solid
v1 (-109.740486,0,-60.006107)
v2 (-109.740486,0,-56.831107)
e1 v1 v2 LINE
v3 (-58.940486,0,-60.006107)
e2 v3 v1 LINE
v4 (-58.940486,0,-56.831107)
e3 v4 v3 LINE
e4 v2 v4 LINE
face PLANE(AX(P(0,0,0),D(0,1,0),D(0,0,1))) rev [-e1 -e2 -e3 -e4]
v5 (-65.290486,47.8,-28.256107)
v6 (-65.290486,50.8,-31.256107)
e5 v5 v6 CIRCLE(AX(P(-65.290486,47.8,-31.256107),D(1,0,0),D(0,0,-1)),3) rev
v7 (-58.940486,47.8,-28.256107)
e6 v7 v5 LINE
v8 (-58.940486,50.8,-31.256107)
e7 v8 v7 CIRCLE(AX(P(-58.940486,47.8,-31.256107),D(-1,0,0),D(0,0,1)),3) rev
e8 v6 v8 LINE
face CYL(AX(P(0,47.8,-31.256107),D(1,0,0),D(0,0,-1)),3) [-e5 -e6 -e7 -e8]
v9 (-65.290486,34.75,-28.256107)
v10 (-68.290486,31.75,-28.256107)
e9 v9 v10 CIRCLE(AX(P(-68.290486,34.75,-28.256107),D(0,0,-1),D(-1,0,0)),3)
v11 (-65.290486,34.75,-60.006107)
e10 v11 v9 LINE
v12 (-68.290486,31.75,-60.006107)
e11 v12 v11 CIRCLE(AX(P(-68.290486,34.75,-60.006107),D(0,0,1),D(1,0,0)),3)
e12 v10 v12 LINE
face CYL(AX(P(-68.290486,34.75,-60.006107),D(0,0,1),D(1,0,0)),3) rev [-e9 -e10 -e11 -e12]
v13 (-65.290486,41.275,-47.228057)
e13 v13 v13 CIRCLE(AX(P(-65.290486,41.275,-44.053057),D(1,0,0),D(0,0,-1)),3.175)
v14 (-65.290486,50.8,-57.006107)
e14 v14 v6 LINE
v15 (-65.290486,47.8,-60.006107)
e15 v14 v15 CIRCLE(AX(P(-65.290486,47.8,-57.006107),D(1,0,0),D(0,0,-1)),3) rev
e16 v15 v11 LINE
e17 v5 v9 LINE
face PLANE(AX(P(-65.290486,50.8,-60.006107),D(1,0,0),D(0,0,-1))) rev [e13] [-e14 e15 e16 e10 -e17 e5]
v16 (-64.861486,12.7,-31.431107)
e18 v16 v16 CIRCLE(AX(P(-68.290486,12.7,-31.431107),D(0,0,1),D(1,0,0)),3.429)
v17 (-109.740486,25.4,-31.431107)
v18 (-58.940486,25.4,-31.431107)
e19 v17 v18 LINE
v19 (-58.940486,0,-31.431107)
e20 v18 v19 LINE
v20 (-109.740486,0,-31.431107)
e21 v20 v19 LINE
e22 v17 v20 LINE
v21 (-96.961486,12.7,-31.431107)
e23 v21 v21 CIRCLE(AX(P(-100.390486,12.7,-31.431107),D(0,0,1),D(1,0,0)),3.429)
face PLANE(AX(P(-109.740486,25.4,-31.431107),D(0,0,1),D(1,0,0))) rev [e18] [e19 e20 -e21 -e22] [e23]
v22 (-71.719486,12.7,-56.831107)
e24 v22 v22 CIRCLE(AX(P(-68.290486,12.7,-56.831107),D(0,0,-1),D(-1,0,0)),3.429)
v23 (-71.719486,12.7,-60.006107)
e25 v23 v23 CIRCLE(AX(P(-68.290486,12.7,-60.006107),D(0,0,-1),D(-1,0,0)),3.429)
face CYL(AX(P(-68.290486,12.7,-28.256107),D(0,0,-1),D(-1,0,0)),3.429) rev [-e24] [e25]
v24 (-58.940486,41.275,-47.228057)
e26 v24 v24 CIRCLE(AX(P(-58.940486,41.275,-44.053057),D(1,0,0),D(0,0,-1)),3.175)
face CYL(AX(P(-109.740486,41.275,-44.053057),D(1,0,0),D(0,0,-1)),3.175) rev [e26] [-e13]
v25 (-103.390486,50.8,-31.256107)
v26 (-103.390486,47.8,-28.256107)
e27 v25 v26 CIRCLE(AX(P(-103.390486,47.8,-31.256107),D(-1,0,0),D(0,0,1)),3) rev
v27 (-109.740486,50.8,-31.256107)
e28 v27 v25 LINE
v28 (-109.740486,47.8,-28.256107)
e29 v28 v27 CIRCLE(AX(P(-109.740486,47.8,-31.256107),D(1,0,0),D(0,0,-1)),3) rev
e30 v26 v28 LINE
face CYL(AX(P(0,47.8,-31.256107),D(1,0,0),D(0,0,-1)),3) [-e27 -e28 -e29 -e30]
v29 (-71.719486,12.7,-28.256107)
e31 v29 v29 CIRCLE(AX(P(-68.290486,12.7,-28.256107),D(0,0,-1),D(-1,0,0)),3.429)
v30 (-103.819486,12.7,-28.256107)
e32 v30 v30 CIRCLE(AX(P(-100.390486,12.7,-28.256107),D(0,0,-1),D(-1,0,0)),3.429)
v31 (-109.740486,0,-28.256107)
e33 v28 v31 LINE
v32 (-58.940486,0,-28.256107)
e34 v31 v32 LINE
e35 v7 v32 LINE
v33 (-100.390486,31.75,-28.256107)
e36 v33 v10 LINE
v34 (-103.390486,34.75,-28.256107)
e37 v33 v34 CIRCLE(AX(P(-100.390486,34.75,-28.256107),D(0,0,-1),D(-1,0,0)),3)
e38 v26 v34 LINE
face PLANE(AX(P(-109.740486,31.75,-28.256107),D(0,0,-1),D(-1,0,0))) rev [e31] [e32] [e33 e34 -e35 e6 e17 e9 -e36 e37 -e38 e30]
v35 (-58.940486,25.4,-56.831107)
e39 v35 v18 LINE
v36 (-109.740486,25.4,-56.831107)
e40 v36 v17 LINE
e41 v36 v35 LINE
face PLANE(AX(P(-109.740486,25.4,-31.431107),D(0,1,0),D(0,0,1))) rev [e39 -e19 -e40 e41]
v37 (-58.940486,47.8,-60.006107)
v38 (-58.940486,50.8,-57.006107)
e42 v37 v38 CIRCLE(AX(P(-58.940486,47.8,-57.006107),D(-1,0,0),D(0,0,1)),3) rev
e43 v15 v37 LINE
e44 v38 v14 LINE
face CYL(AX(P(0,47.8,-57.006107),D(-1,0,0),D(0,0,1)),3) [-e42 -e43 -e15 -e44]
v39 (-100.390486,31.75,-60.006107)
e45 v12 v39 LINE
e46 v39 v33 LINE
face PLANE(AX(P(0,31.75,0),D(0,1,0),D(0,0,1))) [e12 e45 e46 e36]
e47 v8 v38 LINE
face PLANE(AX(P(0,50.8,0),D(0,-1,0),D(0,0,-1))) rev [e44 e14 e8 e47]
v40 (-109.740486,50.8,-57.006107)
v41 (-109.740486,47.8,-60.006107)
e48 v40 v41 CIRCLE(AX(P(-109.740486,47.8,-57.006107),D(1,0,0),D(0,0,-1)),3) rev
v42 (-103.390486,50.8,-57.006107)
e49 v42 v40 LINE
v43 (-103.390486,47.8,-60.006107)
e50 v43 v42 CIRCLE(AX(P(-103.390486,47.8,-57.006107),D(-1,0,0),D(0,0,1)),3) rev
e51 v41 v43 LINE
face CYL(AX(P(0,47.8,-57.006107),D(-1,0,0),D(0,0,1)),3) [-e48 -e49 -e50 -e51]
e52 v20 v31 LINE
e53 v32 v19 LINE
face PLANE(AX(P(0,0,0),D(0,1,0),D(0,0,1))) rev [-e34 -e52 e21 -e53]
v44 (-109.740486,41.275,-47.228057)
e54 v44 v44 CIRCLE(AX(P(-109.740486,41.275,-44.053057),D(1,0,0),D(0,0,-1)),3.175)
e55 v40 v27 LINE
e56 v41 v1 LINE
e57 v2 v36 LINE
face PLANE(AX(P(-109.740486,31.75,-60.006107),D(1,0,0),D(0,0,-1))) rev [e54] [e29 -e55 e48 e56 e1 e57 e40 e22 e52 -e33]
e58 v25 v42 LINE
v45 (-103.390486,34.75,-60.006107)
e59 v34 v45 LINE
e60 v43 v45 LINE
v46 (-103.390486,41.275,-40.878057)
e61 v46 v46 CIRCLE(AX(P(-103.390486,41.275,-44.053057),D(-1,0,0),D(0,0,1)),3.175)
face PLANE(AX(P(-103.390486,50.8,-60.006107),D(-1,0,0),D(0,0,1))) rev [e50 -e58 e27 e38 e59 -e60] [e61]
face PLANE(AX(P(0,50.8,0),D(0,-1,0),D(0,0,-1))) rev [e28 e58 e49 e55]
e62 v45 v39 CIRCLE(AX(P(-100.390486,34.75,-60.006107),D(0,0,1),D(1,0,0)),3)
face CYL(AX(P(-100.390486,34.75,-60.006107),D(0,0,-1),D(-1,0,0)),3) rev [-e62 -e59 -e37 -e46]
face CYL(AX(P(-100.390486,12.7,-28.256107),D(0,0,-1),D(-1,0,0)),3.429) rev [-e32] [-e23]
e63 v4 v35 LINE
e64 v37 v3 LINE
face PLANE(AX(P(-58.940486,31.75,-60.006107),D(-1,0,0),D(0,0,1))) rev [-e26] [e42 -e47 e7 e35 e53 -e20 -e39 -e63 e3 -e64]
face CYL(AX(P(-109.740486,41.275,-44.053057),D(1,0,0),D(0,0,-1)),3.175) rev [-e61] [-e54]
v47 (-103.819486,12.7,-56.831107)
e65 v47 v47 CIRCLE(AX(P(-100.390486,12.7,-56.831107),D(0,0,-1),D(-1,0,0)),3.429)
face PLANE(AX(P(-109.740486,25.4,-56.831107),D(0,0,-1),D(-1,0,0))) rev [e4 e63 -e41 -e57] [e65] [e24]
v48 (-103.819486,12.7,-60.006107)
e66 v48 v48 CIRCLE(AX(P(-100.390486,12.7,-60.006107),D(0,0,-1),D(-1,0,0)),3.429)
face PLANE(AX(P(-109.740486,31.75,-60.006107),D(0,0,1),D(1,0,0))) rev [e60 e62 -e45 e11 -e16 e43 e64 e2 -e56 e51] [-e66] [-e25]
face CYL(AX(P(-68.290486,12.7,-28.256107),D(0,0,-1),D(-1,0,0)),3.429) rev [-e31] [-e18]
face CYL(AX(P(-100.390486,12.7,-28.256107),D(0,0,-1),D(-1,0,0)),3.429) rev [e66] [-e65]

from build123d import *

# Parameters (mm, degrees)
SKETCH1_W               = 50.8
SKETCH1_H               = 31.75
BOSS_EXTRUDE1_DEPTH     = 31.75
SKETCH2_W               = 25.4
SKETCH2_H               = 25.4
CUT_EXTRUDE1_DEPTH      = 85.79053849
SKETCH3_W               = 6.35
SKETCH3_H               = 31.75
BOSS_EXTRUDE2_DEPTH     = 19.05
SKETCH4_W               = 6.35
SKETCH4_H               = 31.75
BOSS_EXTRUDE3_DEPTH     = 19.05
CUT_EXTRUDE2_DEPTH      = 91.317082645
CUT_EXTRUDE2_DEPTH_BACK = 91.317082645
SKETCH5_R               = 3.175
FILLET1_R               = 3
SKETCH6_R               = 3.429
CUT_EXTRUDE3_DEPTH      = 126.026704643
SKETCH7_R               = 3.429
CUT_EXTRUDE4_DEPTH      = 126.026704643


with BuildPart() as part:
    # Sketch1 → Boss-Extrude1 (new body)
    with BuildSketch(Plane(origin=(0, 0, 0), x_dir=(1, 0, 0), z_dir=(0, 1, 0))):
        with Locations((-84.340486484, 44.131107335)):
            Rectangle(SKETCH1_W, SKETCH1_H)
    extrude(amount=BOSS_EXTRUDE1_DEPTH)

    # Sketch2 → Cut-Extrude1 (cut, through all)
    with BuildSketch(Plane(origin=(-58.940486484, 0, 0), x_dir=(0, 0, -1), z_dir=(1, 0, 0))):
        with Locations((44.131107335, 12.7)):
            Rectangle(SKETCH2_W, SKETCH2_H)
    extrude(amount=-CUT_EXTRUDE1_DEPTH, mode=Mode.SUBTRACT)

    # Sketch3 → Boss-Extrude2 (add)
    with BuildSketch(Plane(origin=(0, 31.75, 0), x_dir=(1, 0, 0), z_dir=(0, 1, 0))):
        with Locations((-106.565486484, 44.131107335)):
            Rectangle(SKETCH3_W, SKETCH3_H)
    extrude(amount=BOSS_EXTRUDE2_DEPTH)

    # Sketch4 → Boss-Extrude3 (add)
    with BuildSketch(Plane(origin=(0, 31.75, 0), x_dir=(1, 0, 0), z_dir=(0, 1, 0))):
        with Locations((-62.115486484, 44.131107335)):
            Rectangle(SKETCH4_W, SKETCH4_H)
    extrude(amount=BOSS_EXTRUDE3_DEPTH)

    # Sketch5 → Cut-Extrude2 (cut, two sides: drawn at the far end of the back side and taken through both)
    with BuildSketch(Plane(origin=(-103.390486484, 0, 0), x_dir=(0, 0, -1), z_dir=(1, 0, 0)).offset(-CUT_EXTRUDE2_DEPTH_BACK)):
        with Locations((44.053057169, 41.275)):
            Circle(SKETCH5_R)
    extrude(amount=CUT_EXTRUDE2_DEPTH + CUT_EXTRUDE2_DEPTH_BACK, mode=Mode.SUBTRACT)

    # Fillet1
    fillet1_edges = [part.edges().sort_by_distance(p)[0] for p in [
        (-106.565486484, 50.8, -60.006107335),
        (-106.565486484, 50.8, -28.256107335),
        (-62.115486484, 50.8, -28.256107335),
        (-62.115486484, 50.8, -60.006107335),
        (-65.290486484, 31.75, -44.131107335),
        (-103.390486484, 31.75, -44.131107335),
    ]]
    fillet(fillet1_edges, radius=FILLET1_R)

    # Sketch6 → Cut-Extrude3 (cut, through all)
    with BuildSketch(Plane(origin=(0, 0, -60.006107335), x_dir=(-1, 0, 0), z_dir=(0, 0, -1))):
        with Locations((68.290486484, 12.7)):
            Circle(SKETCH6_R)
    extrude(amount=-CUT_EXTRUDE3_DEPTH, mode=Mode.SUBTRACT)

    # Sketch7 → Cut-Extrude4 (cut, through all)
    with BuildSketch(Plane(origin=(0, 0, -60.006107335), x_dir=(-1, 0, 0), z_dir=(0, 0, -1))):
        with Locations((100.390486484, 12.7)):
            Circle(SKETCH7_R)
    extrude(amount=-CUT_EXTRUDE4_DEPTH, mode=Mode.SUBTRACT)


solid = part.part
